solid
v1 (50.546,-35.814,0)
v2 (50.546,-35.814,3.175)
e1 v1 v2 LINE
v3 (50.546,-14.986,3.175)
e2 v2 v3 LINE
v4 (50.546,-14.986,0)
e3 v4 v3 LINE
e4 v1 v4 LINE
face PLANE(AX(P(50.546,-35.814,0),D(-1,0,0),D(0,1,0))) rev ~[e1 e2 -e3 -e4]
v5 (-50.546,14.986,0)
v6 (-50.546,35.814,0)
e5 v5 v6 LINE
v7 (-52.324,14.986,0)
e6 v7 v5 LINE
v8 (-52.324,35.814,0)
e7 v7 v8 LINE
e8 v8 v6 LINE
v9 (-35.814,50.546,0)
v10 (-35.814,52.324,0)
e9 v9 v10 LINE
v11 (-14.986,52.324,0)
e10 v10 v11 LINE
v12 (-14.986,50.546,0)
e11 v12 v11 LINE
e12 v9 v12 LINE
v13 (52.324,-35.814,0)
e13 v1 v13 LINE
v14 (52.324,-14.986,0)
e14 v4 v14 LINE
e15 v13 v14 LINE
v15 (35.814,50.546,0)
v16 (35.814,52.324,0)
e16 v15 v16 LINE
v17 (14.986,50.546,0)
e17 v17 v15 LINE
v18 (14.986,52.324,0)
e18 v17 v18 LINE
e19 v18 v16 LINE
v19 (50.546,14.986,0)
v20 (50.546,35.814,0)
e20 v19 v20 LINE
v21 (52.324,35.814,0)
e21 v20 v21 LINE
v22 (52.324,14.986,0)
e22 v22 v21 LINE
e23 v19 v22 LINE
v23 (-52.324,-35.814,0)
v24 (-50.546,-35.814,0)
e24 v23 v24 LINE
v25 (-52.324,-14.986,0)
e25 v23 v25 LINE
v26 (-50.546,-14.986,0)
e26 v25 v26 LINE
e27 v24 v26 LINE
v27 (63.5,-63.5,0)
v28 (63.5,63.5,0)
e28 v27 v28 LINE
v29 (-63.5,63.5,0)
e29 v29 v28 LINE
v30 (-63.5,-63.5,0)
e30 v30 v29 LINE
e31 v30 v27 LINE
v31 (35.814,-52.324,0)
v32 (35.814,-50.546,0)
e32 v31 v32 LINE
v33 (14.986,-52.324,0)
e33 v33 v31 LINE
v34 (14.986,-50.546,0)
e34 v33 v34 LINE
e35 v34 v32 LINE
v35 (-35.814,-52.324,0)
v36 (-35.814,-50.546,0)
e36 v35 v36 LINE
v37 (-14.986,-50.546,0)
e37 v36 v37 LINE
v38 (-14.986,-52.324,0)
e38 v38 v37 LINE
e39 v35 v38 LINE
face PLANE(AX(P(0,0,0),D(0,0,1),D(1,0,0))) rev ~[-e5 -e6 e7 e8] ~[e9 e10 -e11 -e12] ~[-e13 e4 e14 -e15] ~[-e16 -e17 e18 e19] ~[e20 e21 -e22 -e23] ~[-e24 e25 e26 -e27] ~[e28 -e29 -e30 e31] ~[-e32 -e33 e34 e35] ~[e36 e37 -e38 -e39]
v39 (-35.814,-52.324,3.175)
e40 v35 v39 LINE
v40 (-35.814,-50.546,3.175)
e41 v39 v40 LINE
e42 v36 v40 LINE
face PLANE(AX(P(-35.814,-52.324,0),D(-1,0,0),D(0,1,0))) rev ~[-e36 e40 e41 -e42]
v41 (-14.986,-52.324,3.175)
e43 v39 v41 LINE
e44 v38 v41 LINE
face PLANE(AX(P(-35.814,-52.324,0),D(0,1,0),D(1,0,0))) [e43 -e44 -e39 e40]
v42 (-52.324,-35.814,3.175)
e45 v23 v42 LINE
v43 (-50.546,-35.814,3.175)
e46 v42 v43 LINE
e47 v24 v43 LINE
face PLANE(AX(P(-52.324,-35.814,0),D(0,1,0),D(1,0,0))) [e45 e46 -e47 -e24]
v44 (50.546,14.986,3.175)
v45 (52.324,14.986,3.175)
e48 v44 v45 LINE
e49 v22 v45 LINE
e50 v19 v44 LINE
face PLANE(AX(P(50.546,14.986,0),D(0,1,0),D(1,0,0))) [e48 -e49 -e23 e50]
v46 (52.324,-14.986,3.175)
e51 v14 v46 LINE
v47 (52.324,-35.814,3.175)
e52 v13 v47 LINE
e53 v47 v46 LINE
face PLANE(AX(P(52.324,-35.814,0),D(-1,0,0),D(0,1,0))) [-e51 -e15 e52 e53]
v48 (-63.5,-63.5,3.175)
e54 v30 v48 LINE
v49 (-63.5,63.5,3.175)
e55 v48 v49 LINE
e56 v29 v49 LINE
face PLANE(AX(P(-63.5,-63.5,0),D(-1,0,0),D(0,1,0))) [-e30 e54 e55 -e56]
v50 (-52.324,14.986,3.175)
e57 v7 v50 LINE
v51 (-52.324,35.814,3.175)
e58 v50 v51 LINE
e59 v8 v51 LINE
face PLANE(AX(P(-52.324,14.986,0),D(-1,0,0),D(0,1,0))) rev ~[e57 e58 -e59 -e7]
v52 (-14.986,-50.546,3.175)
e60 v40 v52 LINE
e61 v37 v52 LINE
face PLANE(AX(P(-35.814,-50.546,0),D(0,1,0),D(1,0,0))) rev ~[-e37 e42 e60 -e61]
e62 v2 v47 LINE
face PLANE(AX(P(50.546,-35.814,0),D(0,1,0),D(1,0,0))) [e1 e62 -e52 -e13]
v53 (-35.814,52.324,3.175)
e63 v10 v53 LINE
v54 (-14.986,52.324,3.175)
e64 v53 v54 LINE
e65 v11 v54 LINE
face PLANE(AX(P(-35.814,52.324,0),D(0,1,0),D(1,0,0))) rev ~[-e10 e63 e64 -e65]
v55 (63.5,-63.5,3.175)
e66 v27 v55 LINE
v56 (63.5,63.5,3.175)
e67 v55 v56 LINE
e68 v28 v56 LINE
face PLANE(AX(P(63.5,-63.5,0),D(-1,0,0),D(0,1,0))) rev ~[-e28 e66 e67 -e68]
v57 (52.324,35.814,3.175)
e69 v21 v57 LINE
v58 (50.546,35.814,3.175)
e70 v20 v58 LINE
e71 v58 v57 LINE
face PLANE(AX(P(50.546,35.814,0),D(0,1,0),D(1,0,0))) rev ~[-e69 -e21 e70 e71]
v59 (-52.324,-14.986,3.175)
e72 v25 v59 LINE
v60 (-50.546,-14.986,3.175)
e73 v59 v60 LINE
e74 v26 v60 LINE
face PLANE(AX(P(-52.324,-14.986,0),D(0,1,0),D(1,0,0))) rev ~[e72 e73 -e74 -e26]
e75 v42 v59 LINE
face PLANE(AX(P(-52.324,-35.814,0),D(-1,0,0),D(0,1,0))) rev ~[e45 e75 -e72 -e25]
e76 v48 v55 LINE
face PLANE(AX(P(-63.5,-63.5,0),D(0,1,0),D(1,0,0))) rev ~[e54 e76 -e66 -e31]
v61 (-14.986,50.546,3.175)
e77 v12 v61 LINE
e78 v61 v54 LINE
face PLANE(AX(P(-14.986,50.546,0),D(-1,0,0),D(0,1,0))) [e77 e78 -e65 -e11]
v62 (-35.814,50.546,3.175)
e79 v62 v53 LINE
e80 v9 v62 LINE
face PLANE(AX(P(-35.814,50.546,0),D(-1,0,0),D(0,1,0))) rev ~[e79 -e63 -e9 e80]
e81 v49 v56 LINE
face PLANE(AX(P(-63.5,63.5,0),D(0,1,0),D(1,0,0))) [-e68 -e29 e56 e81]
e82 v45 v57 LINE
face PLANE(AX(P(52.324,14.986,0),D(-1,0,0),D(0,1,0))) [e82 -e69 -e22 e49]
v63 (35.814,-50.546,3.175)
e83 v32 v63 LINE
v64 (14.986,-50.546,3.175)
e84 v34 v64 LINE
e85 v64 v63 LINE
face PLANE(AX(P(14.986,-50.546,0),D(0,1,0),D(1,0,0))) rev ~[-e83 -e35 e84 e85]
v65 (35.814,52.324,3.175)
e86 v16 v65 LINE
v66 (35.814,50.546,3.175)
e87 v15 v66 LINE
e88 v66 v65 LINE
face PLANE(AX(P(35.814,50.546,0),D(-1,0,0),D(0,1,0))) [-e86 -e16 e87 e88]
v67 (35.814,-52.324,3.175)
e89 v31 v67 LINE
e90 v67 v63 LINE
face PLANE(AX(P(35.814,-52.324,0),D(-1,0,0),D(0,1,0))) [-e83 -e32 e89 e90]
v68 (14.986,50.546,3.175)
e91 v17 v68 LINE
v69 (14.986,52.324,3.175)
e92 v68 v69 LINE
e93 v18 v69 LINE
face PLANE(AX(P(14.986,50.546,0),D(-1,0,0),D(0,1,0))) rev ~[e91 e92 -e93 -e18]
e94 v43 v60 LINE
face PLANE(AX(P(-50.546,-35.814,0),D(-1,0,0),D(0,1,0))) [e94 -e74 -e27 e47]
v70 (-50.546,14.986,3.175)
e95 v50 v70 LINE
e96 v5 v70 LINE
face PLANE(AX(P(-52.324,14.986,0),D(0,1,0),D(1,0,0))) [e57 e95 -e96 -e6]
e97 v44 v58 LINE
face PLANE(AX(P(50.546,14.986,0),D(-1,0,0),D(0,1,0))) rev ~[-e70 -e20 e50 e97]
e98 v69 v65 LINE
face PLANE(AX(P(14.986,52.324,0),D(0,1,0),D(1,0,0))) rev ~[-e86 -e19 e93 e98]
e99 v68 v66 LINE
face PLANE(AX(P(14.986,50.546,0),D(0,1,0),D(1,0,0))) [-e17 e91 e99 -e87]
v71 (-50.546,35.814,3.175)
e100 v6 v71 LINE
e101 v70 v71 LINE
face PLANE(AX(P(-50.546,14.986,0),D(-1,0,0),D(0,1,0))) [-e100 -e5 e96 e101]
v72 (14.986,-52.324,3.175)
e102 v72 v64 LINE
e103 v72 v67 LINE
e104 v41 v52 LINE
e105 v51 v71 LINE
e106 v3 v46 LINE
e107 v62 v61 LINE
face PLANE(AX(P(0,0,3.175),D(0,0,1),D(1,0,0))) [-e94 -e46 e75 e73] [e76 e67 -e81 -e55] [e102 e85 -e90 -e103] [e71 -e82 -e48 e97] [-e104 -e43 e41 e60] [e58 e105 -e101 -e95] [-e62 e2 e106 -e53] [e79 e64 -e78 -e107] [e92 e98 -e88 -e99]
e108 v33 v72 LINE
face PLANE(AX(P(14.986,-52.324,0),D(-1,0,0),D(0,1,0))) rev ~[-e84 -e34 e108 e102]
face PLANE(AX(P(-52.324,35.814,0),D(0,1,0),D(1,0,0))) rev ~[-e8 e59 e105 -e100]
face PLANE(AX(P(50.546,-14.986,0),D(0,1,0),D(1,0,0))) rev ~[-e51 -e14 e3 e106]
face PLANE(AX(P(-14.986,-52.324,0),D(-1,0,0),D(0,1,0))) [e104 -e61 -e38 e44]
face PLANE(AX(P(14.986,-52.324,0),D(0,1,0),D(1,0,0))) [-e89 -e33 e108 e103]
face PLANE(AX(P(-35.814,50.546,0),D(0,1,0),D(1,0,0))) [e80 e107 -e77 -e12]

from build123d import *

# Parameters (mm, degrees)
F0_W     = 127
F0_H     = 127
F0_W_2   = 20.828
F0_H_2   = 1.778
F0_W_3   = 1.778
F0_H_3   = 20.828
F1_DEPTH = 3.175


with BuildPart() as f1:
    # F0 (on Top) → F1 (new body)
    with BuildSketch(Plane.XY):
        Rectangle(F0_W, F0_H)
        with Locations((-25.4, -51.435)):
            Rectangle(F0_W_2, F0_H_2, mode=Mode.SUBTRACT)
        with Locations((-51.435, -25.4)):
            Rectangle(F0_W_3, F0_H_3, mode=Mode.SUBTRACT)
        with Locations((25.4, -51.435)):
            Rectangle(F0_W_2, F0_H_2, mode=Mode.SUBTRACT)
        with Locations((51.435, -25.4)):
            Rectangle(F0_W_3, F0_H_3, mode=Mode.SUBTRACT)
        with Locations((-51.435, 25.4)):
            Rectangle(F0_W_3, F0_H_3, mode=Mode.SUBTRACT)
        with Locations((-25.4, 51.435)):
            Rectangle(F0_W_2, F0_H_2, mode=Mode.SUBTRACT)
        with Locations((51.435, 25.4)):
            Rectangle(F0_W_3, F0_H_3, mode=Mode.SUBTRACT)
        with Locations((25.4, 51.435)):
            Rectangle(F0_W_2, F0_H_2, mode=Mode.SUBTRACT)
    extrude(amount=F1_DEPTH)


solid = f1.part
